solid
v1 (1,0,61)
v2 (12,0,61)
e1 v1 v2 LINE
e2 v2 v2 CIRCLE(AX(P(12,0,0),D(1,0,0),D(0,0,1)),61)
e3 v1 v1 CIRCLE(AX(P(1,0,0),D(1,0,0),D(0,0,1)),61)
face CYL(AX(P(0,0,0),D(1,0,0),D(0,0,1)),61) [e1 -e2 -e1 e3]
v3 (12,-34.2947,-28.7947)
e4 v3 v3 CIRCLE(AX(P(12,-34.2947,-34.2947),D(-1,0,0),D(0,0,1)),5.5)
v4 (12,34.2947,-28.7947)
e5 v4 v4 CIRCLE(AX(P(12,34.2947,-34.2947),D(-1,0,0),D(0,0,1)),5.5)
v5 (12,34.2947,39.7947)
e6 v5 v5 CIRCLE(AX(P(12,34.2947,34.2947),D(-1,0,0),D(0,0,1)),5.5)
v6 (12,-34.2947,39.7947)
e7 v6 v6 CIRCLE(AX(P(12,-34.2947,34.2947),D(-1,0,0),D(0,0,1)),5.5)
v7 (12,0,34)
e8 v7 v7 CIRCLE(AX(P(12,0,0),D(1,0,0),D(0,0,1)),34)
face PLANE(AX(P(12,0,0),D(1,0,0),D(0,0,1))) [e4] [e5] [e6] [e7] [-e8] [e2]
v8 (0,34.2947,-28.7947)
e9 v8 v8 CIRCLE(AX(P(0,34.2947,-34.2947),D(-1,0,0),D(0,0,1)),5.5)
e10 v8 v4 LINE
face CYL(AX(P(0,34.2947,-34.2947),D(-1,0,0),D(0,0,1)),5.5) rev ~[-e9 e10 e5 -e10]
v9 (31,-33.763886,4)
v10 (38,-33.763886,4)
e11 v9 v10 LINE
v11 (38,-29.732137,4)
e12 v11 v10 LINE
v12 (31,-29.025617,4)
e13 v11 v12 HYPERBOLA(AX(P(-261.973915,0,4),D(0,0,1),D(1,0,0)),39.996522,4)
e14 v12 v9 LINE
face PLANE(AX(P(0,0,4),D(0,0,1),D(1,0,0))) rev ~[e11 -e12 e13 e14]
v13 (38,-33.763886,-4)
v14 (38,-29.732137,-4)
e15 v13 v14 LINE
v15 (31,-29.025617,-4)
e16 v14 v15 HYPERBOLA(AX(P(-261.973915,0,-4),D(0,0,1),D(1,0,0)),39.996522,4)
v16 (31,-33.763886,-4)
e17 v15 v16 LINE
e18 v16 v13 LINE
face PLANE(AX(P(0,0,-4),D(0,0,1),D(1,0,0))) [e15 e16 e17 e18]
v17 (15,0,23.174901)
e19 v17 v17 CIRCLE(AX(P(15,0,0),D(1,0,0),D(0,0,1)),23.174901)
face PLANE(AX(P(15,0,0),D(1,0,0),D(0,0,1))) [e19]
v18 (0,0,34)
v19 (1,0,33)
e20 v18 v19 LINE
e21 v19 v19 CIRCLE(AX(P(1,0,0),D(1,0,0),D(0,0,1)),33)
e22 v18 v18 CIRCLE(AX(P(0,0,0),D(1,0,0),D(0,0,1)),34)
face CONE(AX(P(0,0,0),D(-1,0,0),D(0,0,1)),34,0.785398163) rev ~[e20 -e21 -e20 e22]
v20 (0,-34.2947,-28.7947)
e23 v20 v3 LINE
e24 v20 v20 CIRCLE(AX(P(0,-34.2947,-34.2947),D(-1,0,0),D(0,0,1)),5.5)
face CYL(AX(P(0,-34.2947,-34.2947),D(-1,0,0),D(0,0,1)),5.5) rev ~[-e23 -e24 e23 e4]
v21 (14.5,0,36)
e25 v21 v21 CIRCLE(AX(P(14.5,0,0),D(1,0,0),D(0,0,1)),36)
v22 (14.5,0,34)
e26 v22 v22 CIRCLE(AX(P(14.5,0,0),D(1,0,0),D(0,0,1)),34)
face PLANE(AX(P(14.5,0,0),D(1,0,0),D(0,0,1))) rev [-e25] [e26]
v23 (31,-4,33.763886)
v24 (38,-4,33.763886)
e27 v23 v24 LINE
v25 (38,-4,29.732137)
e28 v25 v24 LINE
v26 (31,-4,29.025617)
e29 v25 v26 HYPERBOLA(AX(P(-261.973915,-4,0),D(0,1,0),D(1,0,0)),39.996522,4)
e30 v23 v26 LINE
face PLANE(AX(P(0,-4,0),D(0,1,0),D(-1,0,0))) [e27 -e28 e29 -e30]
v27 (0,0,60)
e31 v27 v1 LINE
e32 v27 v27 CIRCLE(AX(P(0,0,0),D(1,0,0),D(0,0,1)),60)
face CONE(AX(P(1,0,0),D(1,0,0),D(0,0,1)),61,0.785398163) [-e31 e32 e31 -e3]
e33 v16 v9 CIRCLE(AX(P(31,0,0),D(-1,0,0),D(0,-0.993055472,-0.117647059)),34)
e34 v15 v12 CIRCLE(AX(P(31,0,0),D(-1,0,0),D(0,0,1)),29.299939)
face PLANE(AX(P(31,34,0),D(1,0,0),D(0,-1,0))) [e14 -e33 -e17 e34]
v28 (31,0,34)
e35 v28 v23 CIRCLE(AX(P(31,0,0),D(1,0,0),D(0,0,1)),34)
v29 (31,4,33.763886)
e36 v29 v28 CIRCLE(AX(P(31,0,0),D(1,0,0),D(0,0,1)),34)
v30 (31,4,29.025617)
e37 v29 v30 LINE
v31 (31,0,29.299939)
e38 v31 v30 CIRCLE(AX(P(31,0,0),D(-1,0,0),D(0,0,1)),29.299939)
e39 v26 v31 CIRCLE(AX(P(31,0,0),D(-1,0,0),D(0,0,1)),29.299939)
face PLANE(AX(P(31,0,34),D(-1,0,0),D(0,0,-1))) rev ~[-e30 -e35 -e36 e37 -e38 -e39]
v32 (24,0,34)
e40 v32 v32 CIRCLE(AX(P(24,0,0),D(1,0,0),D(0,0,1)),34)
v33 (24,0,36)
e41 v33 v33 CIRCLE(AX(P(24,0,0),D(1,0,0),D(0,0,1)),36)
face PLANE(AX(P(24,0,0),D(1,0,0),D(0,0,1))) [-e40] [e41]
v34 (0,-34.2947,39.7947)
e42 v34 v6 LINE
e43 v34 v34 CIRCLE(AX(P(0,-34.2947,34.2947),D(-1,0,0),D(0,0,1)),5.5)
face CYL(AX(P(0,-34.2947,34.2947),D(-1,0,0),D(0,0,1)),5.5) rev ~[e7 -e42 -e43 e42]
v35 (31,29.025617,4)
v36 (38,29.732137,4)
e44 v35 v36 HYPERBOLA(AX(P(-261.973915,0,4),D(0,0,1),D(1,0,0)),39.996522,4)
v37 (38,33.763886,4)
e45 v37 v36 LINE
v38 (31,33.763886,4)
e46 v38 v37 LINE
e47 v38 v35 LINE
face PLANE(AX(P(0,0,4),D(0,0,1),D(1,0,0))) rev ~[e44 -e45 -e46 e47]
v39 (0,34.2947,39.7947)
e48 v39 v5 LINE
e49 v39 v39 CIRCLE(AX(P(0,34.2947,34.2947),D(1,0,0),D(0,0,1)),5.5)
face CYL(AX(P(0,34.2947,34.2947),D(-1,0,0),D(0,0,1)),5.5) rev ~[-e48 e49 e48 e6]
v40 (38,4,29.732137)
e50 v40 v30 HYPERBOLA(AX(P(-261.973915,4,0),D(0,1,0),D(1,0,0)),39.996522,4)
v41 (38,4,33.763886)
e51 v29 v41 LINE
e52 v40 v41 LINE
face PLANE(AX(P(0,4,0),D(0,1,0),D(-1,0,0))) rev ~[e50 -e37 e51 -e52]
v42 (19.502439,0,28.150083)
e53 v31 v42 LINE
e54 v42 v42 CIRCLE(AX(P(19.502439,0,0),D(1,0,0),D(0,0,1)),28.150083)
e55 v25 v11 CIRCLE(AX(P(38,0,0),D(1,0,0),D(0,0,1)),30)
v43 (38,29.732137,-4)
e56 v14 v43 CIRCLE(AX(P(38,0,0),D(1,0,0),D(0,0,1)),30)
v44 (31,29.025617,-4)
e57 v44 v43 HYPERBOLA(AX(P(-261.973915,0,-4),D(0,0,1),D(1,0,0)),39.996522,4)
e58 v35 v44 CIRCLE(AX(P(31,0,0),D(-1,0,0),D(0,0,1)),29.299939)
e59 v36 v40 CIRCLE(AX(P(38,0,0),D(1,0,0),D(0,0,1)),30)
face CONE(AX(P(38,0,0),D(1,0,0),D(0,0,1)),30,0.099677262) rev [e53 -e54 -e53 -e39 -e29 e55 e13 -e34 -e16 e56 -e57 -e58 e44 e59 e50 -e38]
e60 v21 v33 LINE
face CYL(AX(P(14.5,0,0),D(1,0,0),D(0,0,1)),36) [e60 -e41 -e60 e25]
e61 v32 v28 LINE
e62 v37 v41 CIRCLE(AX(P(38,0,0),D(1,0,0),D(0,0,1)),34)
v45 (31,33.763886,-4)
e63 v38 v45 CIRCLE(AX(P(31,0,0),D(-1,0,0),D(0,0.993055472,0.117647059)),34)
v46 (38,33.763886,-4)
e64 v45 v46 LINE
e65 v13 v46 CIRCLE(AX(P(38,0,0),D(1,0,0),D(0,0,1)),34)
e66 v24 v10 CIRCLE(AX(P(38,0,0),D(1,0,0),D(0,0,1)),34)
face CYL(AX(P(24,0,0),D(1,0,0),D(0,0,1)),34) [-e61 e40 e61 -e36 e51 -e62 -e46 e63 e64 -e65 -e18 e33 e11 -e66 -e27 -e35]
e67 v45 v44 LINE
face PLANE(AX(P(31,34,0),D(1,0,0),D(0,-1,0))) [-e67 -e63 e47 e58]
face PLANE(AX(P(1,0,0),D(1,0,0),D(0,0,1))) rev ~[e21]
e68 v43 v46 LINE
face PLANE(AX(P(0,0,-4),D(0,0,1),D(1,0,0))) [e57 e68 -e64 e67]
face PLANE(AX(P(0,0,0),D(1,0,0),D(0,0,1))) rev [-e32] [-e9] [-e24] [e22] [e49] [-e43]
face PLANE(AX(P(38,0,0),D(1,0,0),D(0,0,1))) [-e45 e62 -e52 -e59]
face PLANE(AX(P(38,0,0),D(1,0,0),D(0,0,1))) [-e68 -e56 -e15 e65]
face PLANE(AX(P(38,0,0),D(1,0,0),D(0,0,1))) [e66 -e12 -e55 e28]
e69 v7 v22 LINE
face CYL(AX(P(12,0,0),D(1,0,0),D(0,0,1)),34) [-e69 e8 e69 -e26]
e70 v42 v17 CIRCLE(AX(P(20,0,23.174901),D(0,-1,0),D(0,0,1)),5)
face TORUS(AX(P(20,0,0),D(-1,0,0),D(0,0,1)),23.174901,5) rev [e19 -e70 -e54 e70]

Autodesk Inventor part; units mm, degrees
ref_plane "YZ Plane" through (0, 0, 0) normal (1, 0, 0) x (0, 1, 0)
ref_plane "XZ Plane" through (0, 0, 0) normal (0, 1, 0) x (-1, 0, 0)
ref_plane "XY Plane" through (0, 0, 0) normal (0, 0, 1) x (1, 0, 0)
sketch "草图1" plane through (0, 0, 0) normal (0, 1, 0) x (-1, 0, 0)
  line L0 (0, 61) -> (-12, 61)
  line L1 (-12, 61) -> (-12, 34)
  line L2 (-12, 34) -> (-14.5, 34)
  line L3 (-14.5, 34) -> (-14.5, 36)
  line L4 (-14.5, 36) -> (-24, 36)
  line L5 (-24, 36) -> (-24, 34)
  line L6 (-24, 34) -> (-38, 34)
  line L7 (-38, 34) -> (-38, 0)
  line L8 (-38, 0) -> (0, 0)
  line L9 (0, 0) -> (0, 61)
  line L10 (0, 34) -> (-1, 33)
  line L11 (-1, 33) -> (-1, 0)
  line L12 (-38, 30) -> (-15, 27.6998)
  line L13 (-15, 27.6998) -> (-15, 0)
  line L14 (7.6, 0) -> (-45.6, 0) projected
  dimension "d2" = 61
  dimension "d4" = 26
  dimension "d5" = 12
  dimension "d6" = 36
  dimension "d7" = 34
  dimension "d8" = 12
  dimension "d9" = 2.5
  dimension "d10" = 34
  dimension "d11" = 45
  dimension "d12" = 1
  dimension "d13" = 15
  dimension "d14" = 30
  dimension "d15" = 84.289
revolve "旋转1" add sketch "草图1" angle 360 about axis through (-10, 0, 0) along (1, 0, 0) contours L9 L10 L11 L8 L13 L12 L7 L6 L5 L4 L3 L2 L1 L0
sketch "草图2" plane through (0, 0, 0) normal (0, 1, 0) x (-1, 0, 0)
  line L0 (-24, 34) -> (-38, 34) projected
  line L1 (-38, 34) -> (-31, 34)
  line L2 (-31, 34) -> (-31, -24)
  line L3 (-31, -24) -> (-38, -24)
  line L4 (-38, -24) -> (-38, 34)
  point P0 (0, 0)
  dimension "d17" = 7
extrude "拉伸1" cut sketch "草图2" along normal mid plane 8
sketch "草图3" plane through (0, 0, 0) normal (0, 0, 1) x (1, 0, 0)
  line L0 (38, 4) -> (38, 34) projected
  line L1 (24, -34) -> (38, -34) projected
  line L2 (38, 34) -> (31, 34)
  line L3 (31, 34) -> (31, -34)
  line L4 (31, -34) -> (38, -34)
  line L5 (38, -34) -> (38, 34)
  point P0 (0, 0)
  point P1 (38, -4)
  dimension "d20" = 7
extrude "拉伸2" cut sketch "草图3" along normal mid plane 8
sketch "草图4" plane through (0, 0, 0) normal (-1, 0, 0) x (0, 0, 1)
  circle A0 centre (34.2947, 34.2947) radius 5.5
  circle A1 centre (-34.2947, 34.2947) radius 5.5
  circle A2 centre (-34.2947, -34.2947) radius 5.5
  circle A3 centre (34.2947, -34.2947) radius 5.5
  line L0 (34.2947, 34.2947) -> (0, 0)
  line L1 (0, -85.4) -> (0, 85.4) projected
  dimension "d23" = 11
  dimension "d24" = 48.5
  dimension "d27" = 360
  dimension "d35" = 45
extrude "拉伸3" cut sketch "草图4" against normal up to surface (12 mm away)
chamfer "倒角1" distance 1 angle 45 1 edges at (0, 0, -61)
fillet "圆角1" radius 5 1 edges at (15, 0, -27.6998)
equation "\"d2\" = 0.5 * D2"
equation "\"d4\" = M"
equation "\"d5\" = e"
equation "\"d6\" = 0.5 * D"
equation "\"d7\" = 0.5 * D_d"
equation "\"d8\" = e1"
equation "\"d10\" = 0.5 * D_d"
equation "\"d13\" = b1"
equation "\"d14\" = 0.5 * D4"
equation "\"d17\" = h_b"
equation "\"d18\" = b"
equation "\"d20\" = h_b"
equation "\"d21\" = b"
equation "\"d23\" = d0"
equation "\"d24\" = 0.5 * D0"
equation "\"d29\" = b"
equation "\"d0\" = 11"
equation "\"D\" = 72"
equation "\"D0\" = 97"
equation "\"D2\" = 122"
equation "\"D_d\" = 68"
equation "\"e\" = 12"
equation "\"e1\" = 12"
equation "\"b\" = 8"
equation "\"h_b\" = 7"
equation "\"M\" = 26"
equation "\"b1\" = 15"
equation "\"d1\" = 26"
equation "\"D4\" = 60"
properties part number "中间轴承闷盖" material "灰口铁"
